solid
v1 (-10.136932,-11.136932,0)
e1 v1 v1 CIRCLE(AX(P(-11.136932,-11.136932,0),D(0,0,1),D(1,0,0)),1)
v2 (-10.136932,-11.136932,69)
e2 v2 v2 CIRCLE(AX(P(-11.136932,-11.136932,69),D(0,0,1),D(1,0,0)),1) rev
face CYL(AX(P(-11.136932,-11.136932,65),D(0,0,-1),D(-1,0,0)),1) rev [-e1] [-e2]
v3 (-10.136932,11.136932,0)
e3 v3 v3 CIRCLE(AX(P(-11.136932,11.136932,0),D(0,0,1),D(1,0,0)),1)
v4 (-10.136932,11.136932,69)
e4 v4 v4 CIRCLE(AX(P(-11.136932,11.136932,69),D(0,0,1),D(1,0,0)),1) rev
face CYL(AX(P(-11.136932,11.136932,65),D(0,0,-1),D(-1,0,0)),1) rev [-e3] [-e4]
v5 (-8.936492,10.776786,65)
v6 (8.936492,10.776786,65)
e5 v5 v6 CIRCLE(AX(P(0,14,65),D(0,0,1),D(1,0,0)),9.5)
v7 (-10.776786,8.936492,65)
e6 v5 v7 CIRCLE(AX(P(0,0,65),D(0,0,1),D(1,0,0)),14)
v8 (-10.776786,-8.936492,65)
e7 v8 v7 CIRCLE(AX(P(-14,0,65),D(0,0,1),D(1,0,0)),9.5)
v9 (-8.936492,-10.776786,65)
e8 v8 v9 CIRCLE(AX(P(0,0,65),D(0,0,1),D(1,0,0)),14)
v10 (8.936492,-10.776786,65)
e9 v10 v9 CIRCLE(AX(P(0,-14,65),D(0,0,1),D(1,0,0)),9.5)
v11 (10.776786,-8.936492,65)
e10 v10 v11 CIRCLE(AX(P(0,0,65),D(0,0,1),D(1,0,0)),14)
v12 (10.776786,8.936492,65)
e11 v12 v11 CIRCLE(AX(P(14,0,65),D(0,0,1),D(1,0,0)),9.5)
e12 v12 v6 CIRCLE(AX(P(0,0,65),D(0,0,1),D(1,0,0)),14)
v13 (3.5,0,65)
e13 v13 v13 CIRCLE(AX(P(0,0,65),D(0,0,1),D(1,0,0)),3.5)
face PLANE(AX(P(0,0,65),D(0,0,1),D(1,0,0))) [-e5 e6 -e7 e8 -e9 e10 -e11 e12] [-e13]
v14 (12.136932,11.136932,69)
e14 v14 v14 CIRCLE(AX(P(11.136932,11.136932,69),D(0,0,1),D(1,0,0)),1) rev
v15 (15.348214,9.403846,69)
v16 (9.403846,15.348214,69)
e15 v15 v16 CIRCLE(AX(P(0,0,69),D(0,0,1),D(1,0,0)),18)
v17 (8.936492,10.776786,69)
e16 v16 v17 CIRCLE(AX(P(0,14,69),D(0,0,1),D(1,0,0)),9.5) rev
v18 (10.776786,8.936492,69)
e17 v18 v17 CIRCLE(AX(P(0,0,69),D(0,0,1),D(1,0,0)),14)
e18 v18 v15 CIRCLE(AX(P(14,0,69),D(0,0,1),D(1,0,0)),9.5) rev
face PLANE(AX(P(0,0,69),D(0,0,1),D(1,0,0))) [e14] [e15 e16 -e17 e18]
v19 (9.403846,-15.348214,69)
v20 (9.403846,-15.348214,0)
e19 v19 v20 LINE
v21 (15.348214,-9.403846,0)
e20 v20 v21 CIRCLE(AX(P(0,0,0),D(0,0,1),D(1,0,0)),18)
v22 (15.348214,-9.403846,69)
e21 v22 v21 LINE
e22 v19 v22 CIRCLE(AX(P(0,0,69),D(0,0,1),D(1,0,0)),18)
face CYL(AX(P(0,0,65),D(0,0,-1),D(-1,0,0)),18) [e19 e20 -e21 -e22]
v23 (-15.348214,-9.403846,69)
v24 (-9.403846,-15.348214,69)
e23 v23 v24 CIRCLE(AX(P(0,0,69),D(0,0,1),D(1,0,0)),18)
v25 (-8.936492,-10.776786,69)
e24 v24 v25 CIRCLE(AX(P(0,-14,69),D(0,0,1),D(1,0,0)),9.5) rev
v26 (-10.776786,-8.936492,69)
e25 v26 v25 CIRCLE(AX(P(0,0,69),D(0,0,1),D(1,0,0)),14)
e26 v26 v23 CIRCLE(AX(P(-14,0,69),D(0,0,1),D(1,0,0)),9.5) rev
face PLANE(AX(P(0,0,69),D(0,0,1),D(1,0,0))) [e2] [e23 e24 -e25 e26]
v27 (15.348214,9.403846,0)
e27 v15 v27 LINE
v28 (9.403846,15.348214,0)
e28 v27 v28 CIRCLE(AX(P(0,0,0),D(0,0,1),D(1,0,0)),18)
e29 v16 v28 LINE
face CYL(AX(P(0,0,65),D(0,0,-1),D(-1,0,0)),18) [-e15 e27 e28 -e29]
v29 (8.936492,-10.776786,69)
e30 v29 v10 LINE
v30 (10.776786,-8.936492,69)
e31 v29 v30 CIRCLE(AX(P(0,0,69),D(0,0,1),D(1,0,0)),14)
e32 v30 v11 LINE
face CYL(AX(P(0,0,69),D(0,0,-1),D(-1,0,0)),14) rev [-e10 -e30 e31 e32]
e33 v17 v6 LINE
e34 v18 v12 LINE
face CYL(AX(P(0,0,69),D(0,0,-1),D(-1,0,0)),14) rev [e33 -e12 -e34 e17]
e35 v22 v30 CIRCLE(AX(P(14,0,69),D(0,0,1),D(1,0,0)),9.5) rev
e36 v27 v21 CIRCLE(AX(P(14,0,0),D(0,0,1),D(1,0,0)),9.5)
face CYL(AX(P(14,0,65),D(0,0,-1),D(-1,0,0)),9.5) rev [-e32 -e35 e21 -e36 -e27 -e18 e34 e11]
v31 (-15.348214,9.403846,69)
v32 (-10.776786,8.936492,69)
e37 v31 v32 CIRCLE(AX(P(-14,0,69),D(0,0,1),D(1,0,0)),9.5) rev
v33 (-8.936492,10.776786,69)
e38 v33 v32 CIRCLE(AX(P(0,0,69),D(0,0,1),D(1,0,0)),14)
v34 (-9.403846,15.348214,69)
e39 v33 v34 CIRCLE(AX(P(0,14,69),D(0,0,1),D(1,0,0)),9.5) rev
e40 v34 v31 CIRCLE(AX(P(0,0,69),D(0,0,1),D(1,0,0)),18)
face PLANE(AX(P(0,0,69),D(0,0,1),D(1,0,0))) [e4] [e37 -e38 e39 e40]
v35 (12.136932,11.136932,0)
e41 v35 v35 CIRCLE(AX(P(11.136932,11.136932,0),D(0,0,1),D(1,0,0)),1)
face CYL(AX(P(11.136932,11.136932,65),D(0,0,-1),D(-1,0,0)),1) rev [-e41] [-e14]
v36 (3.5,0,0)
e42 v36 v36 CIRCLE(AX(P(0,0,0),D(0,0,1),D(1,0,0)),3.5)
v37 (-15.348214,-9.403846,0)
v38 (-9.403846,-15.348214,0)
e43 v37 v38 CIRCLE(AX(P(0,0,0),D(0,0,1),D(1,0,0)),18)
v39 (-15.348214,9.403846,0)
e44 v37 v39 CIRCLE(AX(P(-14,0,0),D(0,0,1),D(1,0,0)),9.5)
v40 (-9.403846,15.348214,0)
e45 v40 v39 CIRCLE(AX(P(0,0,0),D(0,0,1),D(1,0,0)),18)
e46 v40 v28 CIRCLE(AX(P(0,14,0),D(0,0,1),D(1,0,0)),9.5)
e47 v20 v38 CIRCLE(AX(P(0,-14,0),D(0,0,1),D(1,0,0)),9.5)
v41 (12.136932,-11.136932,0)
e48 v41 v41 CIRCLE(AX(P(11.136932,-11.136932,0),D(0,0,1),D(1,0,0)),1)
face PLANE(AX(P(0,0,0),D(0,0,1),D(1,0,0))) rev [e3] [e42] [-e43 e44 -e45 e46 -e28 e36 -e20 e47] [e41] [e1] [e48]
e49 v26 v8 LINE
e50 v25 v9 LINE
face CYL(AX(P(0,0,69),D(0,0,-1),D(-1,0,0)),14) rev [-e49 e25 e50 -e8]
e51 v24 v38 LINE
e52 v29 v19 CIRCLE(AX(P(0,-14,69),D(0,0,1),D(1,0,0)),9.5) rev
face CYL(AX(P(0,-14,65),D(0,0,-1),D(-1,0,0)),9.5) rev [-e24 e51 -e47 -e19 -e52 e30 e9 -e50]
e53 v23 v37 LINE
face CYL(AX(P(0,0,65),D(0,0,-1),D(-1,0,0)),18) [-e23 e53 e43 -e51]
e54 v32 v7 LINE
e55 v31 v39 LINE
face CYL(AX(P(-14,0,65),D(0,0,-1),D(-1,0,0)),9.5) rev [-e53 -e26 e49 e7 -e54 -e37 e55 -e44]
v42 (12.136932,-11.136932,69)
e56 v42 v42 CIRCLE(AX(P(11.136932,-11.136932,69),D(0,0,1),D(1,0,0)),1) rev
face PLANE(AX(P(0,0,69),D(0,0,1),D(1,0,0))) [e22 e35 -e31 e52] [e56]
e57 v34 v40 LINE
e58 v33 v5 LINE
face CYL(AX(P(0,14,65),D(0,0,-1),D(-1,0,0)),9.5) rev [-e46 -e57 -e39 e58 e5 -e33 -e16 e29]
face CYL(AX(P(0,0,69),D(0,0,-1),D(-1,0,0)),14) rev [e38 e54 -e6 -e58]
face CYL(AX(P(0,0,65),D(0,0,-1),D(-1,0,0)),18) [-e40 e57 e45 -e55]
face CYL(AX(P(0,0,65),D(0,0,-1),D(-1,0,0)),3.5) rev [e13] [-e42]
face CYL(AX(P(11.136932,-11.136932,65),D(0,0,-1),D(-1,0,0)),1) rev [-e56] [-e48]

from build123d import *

# Parameters (mm, degrees)
SKETCH_1_R      = 1
SKETCH_1_R_2    = 3.5
EXTRUDE_1_DEPTH = 65
SKETCH_2_R      = 1
EXTRUDE_2_DEPTH = 4


with BuildPart() as part:
    # Эскиз1 → Бобышка-Вытянуть1 (new body)
    with BuildSketch(Plane.XY):
        with BuildLine():
            ThreePointArc((15.348214286, -9.403845928), (4.5, 0), (15.348214286, 9.403845928))
            ThreePointArc((15.348214286, 9.403845928), (12.727922061, 12.727922061), (9.403845928, 15.348214286))
            ThreePointArc((9.403845928, 15.348214286), (9.475930992, 14.675819385), (9.5, 14))
            ThreePointArc((9.5, 14), (-0.675819385, 4.524069008), (-9.403845928, 15.348214286))
            ThreePointArc((-9.403845928, 15.348214286), (-12.727922061, 12.727922061), (-15.348214286, 9.403845928))
            ThreePointArc((-15.348214286, 9.403845928), (-7.777381408, 7.178371532), (-4.5, 0))
            ThreePointArc((-4.5, 0), (-7.777381408, -7.178371532), (-15.348214286, -9.403845928))
            ThreePointArc((-15.348214286, -9.403845928), (-12.727922061, -12.727922061), (-9.403845928, -15.348214286))
            ThreePointArc((-9.403845928, -15.348214286), (-0.675819385, -4.524069008), (9.5, -14))
            ThreePointArc((9.5, -14), (9.475930992, -14.675819385), (9.403845928, -15.348214286))
            ThreePointArc((9.403845928, -15.348214286), (12.727922061, -12.727922061), (15.348214286, -9.403845928))
        make_face()
        with Locations((-11.136931804, -11.136931804)):
            Circle(SKETCH_1_R, mode=Mode.SUBTRACT)
        with Locations((11.136931804, -11.136931804)):
            Circle(SKETCH_1_R, mode=Mode.SUBTRACT)
        Circle(SKETCH_1_R_2, mode=Mode.SUBTRACT)
        with Locations((-11.136931804, 11.136931804)):
            Circle(SKETCH_1_R, mode=Mode.SUBTRACT)
        with Locations((11.136931804, 11.136931804)):
            Circle(SKETCH_1_R, mode=Mode.SUBTRACT)
    extrude(amount=EXTRUDE_1_DEPTH)

    # Эскиз2 → Бобышка-Вытянуть2 (add)
    # profile 1 of 4: a face of its own
    with BuildSketch(Plane.XY.offset(65)):
        with BuildLine():
            ThreePointArc((-9.403845928, -15.348214286), (-9.450740121, -13.033816183), (-8.936492023, -10.776785714))
            ThreePointArc((-8.936492023, -10.776785714), (-9.899494937, -9.899494937), (-10.776785714, -8.936492023))
            ThreePointArc((-10.776785714, -8.936492023), (-13.033816183, -9.450740121), (-15.348214286, -9.403845928))
            ThreePointArc((-15.348214286, -9.403845928), (-12.727922061, -12.727922061), (-9.403845928, -15.348214286))
        make_face()
        with Locations((-11.136931804, -11.136931804)):
            Circle(SKETCH_2_R, mode=Mode.SUBTRACT)
    # profile 2 of 4: a face of its own
    with BuildSketch(Plane.XY.offset(65)):
        with BuildLine():
            ThreePointArc((15.348214286, -9.403845928), (13.033816183, -9.450740121), (10.776785714, -8.936492023))
            ThreePointArc((10.776785714, -8.936492023), (9.899494937, -9.899494937), (8.936492023, -10.776785714))
            ThreePointArc((8.936492023, -10.776785714), (9.358062679, -12.363948994), (9.5, -14))
            ThreePointArc((9.5, -14), (9.475930992, -14.675819385), (9.403845928, -15.348214286))
            ThreePointArc((9.403845928, -15.348214286), (12.727922061, -12.727922061), (15.348214286, -9.403845928))
        make_face()
        with Locations((11.136931804, -11.136931804)):
            Circle(SKETCH_2_R, mode=Mode.SUBTRACT)
    # profile 3 of 4: a face of its own
    with BuildSketch(Plane.XY.offset(65)):
        with BuildLine():
            ThreePointArc((8.936492023, 10.776785714), (9.899494937, 9.899494937), (10.776785714, 8.936492023))
            ThreePointArc((10.776785714, 8.936492023), (13.033816183, 9.450740121), (15.348214286, 9.403845928))
            ThreePointArc((15.348214286, 9.403845928), (12.727922061, 12.727922061), (9.403845928, 15.348214286))
            ThreePointArc((9.403845928, 15.348214286), (9.475930992, 14.675819385), (9.5, 14))
            ThreePointArc((9.5, 14), (9.358062679, 12.363948994), (8.936492023, 10.776785714))
        make_face()
        with Locations((11.136931804, 11.136931804)):
            Circle(SKETCH_2_R, mode=Mode.SUBTRACT)
    # profile 4 of 4: a face of its own
    with BuildSketch(Plane.XY.offset(65)):
        with BuildLine():
            ThreePointArc((-10.776785714, 8.936492023), (-9.899494937, 9.899494937), (-8.936492023, 10.776785714))
            ThreePointArc((-8.936492023, 10.776785714), (-9.450740121, 13.033816183), (-9.403845928, 15.348214286))
            ThreePointArc((-9.403845928, 15.348214286), (-12.727922061, 12.727922061), (-15.348214286, 9.403845928))
            ThreePointArc((-15.348214286, 9.403845928), (-13.033816183, 9.450740121), (-10.776785714, 8.936492023))
        make_face()
        with Locations((-11.136931804, 11.136931804)):
            Circle(SKETCH_2_R, mode=Mode.SUBTRACT)
    extrude(amount=EXTRUDE_2_DEPTH)


solid = part.part
